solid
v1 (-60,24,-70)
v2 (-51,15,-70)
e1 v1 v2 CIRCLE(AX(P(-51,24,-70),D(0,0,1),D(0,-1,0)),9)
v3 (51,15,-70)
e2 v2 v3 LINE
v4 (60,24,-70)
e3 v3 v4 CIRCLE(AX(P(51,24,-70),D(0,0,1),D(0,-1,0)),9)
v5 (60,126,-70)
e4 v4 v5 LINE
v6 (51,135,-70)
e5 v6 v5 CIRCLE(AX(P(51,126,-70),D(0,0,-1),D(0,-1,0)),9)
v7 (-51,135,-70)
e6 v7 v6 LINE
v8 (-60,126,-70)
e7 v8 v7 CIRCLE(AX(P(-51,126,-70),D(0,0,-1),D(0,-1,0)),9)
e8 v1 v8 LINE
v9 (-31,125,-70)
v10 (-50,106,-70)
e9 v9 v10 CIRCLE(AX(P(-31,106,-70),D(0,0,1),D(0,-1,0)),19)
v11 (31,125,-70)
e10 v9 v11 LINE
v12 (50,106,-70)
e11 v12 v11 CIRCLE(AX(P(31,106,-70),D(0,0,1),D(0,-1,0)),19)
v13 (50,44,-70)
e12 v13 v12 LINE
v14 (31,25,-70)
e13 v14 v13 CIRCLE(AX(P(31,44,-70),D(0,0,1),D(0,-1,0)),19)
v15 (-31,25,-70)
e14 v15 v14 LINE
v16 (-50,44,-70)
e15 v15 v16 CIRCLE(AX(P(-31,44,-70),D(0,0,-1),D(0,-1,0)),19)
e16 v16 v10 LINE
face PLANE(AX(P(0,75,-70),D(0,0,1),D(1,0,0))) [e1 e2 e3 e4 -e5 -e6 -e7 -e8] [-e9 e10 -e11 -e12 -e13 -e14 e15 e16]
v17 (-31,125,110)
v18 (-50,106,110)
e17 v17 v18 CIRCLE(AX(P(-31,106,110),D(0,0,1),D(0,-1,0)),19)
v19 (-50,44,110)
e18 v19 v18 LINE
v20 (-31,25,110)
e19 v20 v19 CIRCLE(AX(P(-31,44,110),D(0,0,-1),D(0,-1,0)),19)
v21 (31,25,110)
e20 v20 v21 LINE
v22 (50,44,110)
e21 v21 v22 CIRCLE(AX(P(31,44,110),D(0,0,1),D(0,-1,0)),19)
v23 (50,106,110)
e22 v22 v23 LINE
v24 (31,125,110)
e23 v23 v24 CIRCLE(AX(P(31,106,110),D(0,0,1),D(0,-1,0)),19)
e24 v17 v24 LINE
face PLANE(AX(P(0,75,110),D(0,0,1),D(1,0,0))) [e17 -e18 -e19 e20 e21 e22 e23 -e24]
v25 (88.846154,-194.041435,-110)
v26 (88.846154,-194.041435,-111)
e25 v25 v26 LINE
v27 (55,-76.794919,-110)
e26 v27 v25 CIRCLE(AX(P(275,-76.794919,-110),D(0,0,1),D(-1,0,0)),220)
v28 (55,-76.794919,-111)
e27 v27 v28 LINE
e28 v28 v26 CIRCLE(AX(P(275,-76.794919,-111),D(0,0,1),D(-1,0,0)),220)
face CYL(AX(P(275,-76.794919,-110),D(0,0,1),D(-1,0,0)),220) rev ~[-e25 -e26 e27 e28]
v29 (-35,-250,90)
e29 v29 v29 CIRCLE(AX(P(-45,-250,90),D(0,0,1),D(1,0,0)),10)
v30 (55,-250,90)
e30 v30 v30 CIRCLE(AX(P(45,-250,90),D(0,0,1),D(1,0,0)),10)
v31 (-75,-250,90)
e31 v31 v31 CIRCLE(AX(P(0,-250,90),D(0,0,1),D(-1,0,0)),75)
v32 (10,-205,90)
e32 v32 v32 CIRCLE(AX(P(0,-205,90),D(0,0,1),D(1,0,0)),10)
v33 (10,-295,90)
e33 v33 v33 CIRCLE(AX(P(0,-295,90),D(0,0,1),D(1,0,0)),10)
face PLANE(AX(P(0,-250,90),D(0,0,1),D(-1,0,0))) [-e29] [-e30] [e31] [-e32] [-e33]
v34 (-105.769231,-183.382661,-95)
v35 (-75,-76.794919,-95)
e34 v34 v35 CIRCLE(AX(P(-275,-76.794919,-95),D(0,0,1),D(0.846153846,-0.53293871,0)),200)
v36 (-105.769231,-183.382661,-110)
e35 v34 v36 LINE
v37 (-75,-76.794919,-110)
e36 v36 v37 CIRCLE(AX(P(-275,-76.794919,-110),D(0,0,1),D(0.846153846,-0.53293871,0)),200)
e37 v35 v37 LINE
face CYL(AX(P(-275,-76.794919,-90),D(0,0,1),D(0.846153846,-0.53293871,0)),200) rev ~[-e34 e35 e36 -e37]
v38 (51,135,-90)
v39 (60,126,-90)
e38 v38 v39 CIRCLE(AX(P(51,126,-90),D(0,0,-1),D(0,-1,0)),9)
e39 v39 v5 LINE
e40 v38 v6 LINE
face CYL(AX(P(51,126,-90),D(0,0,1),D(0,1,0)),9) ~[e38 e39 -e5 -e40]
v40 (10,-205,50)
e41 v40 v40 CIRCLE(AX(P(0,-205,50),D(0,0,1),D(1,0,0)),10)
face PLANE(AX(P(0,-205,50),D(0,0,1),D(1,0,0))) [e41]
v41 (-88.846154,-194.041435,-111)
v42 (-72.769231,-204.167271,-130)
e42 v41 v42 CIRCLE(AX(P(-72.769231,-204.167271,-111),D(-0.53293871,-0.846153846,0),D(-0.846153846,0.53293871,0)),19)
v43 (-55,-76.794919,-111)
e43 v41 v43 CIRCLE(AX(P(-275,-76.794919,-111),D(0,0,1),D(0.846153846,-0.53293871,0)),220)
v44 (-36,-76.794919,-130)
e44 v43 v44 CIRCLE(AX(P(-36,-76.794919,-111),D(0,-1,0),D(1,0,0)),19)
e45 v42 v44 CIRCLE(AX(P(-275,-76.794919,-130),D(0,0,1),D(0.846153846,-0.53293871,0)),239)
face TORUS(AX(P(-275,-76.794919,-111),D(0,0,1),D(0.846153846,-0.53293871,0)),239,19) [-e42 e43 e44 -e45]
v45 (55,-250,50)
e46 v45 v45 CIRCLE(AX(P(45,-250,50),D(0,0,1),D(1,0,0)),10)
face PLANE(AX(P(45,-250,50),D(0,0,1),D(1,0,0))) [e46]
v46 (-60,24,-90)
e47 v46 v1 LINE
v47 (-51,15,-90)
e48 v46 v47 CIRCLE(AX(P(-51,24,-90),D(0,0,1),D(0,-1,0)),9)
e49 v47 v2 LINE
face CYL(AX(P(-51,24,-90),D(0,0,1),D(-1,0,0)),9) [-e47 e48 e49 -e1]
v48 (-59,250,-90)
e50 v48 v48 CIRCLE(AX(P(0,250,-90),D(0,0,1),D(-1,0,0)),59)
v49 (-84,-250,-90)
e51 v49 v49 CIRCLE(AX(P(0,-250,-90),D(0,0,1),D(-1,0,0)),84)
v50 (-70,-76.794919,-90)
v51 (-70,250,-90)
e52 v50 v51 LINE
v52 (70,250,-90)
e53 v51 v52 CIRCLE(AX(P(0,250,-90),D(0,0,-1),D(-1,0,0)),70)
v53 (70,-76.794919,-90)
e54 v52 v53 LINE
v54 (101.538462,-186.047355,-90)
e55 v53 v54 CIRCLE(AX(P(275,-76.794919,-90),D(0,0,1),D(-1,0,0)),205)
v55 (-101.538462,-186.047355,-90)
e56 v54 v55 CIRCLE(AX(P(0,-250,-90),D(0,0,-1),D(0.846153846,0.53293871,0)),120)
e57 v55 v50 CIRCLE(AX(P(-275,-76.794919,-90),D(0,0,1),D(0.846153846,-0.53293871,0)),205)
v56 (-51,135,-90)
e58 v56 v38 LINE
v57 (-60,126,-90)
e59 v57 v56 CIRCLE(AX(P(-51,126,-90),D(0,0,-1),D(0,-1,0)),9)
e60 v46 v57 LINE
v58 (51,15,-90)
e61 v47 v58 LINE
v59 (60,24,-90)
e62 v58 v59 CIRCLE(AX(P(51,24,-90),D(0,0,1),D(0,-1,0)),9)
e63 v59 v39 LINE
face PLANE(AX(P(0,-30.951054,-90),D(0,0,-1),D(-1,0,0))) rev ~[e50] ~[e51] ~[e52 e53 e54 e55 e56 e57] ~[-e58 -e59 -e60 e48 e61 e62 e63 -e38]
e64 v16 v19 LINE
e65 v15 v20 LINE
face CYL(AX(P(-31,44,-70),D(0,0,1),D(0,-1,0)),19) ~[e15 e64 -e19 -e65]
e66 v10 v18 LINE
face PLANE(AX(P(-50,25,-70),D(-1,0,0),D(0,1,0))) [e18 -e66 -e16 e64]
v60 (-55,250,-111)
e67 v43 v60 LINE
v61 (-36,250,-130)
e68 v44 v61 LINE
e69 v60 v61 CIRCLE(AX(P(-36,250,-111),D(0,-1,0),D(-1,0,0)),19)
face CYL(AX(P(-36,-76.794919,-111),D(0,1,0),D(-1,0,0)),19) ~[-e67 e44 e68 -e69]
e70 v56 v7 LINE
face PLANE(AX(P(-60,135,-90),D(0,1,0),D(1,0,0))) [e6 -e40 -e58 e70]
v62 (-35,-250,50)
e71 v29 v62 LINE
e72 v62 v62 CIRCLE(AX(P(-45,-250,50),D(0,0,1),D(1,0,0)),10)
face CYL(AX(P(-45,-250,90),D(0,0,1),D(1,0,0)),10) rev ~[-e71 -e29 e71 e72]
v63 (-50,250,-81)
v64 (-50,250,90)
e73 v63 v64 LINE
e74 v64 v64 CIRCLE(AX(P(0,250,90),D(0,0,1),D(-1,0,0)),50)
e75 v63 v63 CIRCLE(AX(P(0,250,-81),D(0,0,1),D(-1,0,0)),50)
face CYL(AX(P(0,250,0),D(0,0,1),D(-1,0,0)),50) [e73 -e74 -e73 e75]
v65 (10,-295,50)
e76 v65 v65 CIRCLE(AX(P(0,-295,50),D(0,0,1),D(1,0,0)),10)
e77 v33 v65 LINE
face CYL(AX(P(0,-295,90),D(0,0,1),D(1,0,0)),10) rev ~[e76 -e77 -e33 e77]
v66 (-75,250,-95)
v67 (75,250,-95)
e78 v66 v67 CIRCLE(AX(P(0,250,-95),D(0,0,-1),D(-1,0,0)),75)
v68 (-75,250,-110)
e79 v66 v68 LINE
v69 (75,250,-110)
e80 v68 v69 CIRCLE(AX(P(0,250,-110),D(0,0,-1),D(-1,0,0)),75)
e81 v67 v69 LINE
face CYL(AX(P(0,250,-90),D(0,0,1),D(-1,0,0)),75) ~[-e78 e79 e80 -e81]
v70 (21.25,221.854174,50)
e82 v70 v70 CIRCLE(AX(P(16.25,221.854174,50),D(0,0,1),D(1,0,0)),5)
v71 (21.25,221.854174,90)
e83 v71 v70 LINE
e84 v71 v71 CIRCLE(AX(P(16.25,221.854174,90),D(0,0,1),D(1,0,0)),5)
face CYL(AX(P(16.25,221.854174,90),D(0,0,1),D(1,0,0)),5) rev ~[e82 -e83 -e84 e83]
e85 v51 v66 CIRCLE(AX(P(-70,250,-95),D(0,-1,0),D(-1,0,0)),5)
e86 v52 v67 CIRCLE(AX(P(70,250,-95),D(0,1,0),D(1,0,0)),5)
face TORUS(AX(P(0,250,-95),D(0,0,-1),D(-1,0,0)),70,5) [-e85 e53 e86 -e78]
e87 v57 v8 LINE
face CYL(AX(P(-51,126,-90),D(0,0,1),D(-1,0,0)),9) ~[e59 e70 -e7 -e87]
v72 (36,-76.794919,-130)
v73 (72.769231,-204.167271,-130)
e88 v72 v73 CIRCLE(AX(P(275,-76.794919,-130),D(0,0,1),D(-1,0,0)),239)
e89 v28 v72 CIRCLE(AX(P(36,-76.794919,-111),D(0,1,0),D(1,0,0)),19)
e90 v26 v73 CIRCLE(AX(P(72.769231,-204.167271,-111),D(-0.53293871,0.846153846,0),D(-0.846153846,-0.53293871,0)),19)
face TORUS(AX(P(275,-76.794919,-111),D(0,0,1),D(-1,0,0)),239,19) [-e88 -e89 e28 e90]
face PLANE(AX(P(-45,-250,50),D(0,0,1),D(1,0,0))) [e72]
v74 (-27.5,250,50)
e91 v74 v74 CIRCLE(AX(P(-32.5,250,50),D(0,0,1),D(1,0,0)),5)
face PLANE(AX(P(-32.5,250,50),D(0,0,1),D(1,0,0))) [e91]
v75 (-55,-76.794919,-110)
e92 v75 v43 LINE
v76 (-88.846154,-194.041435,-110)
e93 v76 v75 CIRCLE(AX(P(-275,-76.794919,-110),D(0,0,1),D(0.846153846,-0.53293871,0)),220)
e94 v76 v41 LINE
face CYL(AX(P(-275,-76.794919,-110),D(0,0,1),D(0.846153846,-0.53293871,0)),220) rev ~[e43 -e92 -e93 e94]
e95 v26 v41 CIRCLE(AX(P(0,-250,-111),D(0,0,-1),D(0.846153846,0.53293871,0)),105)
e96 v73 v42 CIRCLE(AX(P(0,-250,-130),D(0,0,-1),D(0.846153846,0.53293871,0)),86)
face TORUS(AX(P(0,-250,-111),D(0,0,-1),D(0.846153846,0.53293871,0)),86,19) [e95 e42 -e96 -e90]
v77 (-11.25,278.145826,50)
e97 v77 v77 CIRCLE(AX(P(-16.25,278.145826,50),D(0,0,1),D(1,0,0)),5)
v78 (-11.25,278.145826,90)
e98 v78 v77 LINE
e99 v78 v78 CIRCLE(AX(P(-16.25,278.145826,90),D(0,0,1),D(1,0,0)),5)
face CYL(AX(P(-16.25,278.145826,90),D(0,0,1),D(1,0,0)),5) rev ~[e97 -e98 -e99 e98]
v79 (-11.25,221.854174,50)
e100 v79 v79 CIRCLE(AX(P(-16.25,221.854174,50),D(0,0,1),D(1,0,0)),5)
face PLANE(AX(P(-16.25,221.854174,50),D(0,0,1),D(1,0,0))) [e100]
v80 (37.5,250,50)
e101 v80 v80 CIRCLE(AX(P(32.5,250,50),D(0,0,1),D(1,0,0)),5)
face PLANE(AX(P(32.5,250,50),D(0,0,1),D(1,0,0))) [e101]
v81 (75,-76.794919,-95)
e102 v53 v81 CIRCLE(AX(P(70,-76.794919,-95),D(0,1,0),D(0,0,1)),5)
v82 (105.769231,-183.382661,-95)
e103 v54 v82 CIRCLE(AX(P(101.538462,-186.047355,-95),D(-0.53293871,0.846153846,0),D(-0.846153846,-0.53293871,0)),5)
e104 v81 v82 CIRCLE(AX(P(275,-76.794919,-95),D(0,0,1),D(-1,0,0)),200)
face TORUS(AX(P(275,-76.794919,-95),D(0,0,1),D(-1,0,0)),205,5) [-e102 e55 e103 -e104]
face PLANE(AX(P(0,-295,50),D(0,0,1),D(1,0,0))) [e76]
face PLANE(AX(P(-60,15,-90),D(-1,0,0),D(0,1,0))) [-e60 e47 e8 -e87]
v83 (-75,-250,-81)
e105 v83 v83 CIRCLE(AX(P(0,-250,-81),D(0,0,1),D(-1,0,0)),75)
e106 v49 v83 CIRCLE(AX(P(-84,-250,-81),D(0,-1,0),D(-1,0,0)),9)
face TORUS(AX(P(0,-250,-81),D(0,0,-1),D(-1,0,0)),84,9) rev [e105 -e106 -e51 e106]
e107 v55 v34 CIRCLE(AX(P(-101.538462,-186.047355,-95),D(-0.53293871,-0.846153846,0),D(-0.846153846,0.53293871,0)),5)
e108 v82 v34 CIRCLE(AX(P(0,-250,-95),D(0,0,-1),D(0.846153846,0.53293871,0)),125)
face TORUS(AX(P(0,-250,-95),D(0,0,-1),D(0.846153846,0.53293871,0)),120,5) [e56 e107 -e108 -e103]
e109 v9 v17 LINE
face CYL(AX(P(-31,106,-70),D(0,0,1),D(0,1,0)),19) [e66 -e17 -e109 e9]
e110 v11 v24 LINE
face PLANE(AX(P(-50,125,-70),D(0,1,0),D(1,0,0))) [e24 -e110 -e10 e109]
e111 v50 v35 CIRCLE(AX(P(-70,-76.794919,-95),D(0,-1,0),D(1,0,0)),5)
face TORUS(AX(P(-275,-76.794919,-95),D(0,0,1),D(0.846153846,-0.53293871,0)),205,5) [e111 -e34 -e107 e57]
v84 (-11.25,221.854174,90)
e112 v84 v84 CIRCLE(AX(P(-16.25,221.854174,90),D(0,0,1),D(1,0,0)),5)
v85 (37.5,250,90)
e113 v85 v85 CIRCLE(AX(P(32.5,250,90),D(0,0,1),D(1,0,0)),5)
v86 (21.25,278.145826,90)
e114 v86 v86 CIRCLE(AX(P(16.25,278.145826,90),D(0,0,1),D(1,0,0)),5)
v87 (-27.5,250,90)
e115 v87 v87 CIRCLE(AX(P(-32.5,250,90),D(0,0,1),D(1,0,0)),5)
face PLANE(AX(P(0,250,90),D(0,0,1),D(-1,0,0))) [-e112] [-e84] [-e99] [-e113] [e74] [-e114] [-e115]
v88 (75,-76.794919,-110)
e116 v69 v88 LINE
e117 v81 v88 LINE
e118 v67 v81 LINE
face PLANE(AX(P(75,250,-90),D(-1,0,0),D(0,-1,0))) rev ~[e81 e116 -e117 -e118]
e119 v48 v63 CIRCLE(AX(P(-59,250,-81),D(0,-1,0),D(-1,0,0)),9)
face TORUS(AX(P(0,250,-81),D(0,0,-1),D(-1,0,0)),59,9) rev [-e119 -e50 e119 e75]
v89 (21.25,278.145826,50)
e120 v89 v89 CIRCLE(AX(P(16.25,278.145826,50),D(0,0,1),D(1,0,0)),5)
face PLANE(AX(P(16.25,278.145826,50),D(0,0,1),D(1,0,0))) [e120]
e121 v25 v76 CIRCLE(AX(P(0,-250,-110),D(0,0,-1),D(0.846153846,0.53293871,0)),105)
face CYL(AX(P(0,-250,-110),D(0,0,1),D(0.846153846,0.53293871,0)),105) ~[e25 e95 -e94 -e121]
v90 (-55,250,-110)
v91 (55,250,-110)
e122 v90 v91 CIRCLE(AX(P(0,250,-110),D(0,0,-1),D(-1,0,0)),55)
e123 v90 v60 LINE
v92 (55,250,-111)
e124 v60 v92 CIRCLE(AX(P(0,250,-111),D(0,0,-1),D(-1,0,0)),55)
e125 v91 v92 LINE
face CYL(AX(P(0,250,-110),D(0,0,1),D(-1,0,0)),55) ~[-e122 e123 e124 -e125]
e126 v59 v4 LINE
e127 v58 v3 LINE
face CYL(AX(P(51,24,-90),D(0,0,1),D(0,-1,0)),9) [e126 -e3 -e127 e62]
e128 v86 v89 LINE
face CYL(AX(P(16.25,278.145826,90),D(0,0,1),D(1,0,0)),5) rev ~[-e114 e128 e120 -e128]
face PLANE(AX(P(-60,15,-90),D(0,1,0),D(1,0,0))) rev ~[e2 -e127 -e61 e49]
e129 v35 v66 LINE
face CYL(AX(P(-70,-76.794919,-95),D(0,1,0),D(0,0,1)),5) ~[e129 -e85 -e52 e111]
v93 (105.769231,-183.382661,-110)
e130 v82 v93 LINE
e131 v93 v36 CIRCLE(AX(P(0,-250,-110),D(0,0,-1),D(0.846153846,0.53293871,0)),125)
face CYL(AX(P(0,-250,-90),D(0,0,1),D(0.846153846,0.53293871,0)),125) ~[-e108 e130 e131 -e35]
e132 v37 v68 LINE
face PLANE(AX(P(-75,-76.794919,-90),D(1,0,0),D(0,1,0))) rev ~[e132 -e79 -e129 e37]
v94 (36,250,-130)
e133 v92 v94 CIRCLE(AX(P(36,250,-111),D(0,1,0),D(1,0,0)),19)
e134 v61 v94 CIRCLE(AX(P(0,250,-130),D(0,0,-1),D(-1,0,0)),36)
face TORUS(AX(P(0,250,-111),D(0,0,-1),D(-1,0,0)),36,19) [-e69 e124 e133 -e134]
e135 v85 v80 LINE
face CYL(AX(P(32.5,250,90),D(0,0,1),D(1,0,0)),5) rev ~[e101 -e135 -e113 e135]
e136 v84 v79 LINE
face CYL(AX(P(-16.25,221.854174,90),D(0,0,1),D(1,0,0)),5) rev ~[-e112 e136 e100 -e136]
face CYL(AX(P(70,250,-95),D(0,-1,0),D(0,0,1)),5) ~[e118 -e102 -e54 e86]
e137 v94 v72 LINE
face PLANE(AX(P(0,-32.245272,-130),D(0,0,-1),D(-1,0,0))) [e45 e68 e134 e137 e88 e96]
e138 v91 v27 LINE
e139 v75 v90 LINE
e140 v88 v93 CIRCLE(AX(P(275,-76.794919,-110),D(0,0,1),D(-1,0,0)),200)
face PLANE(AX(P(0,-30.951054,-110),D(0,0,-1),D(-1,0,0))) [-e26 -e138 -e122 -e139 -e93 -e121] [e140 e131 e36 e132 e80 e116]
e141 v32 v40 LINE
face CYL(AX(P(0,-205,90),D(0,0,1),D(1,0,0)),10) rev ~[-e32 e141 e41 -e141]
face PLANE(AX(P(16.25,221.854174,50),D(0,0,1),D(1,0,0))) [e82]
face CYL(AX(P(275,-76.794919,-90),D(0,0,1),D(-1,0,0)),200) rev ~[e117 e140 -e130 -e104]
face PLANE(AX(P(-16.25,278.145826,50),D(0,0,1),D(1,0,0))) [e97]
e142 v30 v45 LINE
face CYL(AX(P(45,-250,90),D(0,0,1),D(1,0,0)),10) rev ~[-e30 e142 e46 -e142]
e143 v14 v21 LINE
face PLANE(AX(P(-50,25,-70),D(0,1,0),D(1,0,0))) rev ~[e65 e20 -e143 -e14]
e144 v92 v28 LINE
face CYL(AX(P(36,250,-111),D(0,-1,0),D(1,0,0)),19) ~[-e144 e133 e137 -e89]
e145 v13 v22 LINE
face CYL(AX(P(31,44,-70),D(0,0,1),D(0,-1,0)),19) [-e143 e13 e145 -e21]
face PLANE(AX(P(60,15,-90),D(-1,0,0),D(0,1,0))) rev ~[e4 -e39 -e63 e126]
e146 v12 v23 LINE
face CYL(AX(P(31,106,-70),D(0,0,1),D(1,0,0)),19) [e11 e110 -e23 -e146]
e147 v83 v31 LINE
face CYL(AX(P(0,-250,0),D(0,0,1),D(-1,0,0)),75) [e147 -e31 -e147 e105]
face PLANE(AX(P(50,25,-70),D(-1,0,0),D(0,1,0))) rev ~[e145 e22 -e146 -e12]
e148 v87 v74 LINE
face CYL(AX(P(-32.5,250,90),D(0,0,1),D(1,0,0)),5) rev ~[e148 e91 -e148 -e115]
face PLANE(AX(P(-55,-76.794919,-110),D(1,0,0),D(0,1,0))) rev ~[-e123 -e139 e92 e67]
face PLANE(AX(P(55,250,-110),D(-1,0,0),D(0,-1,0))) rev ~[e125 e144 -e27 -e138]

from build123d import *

# Parameters (mm, degrees)
SKETCH1_R             = 50
BOSS_EXTRUDE1_DEPTH   = 90
SKETCH1_R_2           = 75
BOSS_EXTRUDE1_2_DEPTH = 90
SKETCH2_R             = 10
SKETCH2_R_2           = 5
CUT_EXTRUDE1_DEPTH    = 40
BOSS_EXTRUDE2_DEPTH   = 20
BOSS_EXTRUDE3_DEPTH   = 20
FILLET1_R             = 19
SKETCH5_W             = 120
SKETCH5_H             = 120
BOSS_EXTRUDE4_DEPTH   = 20
SKETCH6_W             = 100
SKETCH6_H             = 100
BOSS_EXTRUDE5_DEPTH   = 180
FILLET2_R             = 19
FILLET3_R             = 9
FILLET4_R             = 5


with BuildPart() as part:
    # Sketch1 → Boss-Extrude1 (new, symmetric)
    with BuildSketch(Plane.XY):
        with Locations(Location((0, 250, 0), (0, 0, 180))):
            Circle(SKETCH1_R)
    extrude(amount=BOSS_EXTRUDE1_DEPTH, both=True)


with BuildPart() as body_2:
    # Sketch1 → Boss-Extrude1 2 (new, symmetric)
    with BuildSketch(Plane.XY):
        with Locations(Location((0, -250, 0), (0, 0, 180))):
            Circle(SKETCH1_R_2)
    extrude(amount=BOSS_EXTRUDE1_2_DEPTH, both=True)


with BuildPart() as cut_extrude1_tool:
    # Sketch2 → Cut-Extrude1 (new body)
    with BuildSketch(Plane.XY.offset(90)):
        with Locations((-45, -250)):
            Circle(SKETCH2_R)
        with Locations((0, -205)):
            Circle(SKETCH2_R)
        with Locations((45, -250)):
            Circle(SKETCH2_R)
        with Locations((0, -295)):
            Circle(SKETCH2_R)
        with Locations((-32.5, 250)):
            Circle(SKETCH2_R_2)
        with Locations((-16.25, 278.145825623)):
            Circle(SKETCH2_R_2)
        with Locations((16.25, 278.145825623)):
            Circle(SKETCH2_R_2)
        with Locations((32.5, 250)):
            Circle(SKETCH2_R_2)
        with Locations((16.25, 221.854174377)):
            Circle(SKETCH2_R_2)
        with Locations((-16.25, 221.854174377)):
            Circle(SKETCH2_R_2)
    extrude(amount=-CUT_EXTRUDE1_DEPTH)


with BuildPart() as part_1:
    add(part.part)

    # Cut-Extrude1: cut by cut_extrude1_tool
    add(cut_extrude1_tool.part, mode=Mode.SUBTRACT)



with BuildPart() as body_2_1:
    add(body_2.part)

    # Cut-Extrude1: cut by cut_extrude1_tool
    add(cut_extrude1_tool.part, mode=Mode.SUBTRACT)


with BuildPart() as part_2:
    add(part_1.part)

    add(body_2_1.part)  # Boss-Extrude2 merges body 2
    # Sketch3 → Boss-Extrude2 (add)
    with BuildSketch(Plane(origin=(0, 0, -90), x_dir=(-1, 0, 0), z_dir=(0, 0, -1))):
        with BuildLine():
            Line((-75, 250), (-75, -76.794919243))
            ThreePointArc((-75, -76.794919243), (-82.846215434, -132.264938866), (-105.769230769, -183.382661247))
            ThreePointArc((-105.769230769, -183.382661247), (0, -375), (105.769230769, -183.382661247))
            ThreePointArc((105.769230769, -183.382661247), (82.846215434, -132.264938866), (75, -76.794919243))
            Line((75, -76.794919243), (75, 250))
            ThreePointArc((75, 250), (0, 325), (-75, 250))
        make_face()
    extrude(amount=BOSS_EXTRUDE2_DEPTH)

    # Sketch4 → Boss-Extrude3 (add)
    with BuildSketch(Plane(origin=(0, 0, -110), x_dir=(-1, 0, 0), z_dir=(0, 0, -1))):
        with BuildLine():
            Line((-55, 250), (-55, -76.794919243))
            ThreePointArc((-55, -76.794919243), (-63.630836977, -137.811940828), (-88.846153846, -194.041435448))
            ThreePointArc((-88.846153846, -194.041435448), (0, -355), (88.846153846, -194.041435448))
            ThreePointArc((88.846153846, -194.041435448), (63.630836977, -137.811940828), (55, -76.794919243))
            Line((55, -76.794919243), (55, 250))
            ThreePointArc((55, 250), (0, 305), (-55, 250))
        make_face()
    extrude(amount=BOSS_EXTRUDE3_DEPTH)

    # Fillet1
    fillet1_edges = [part_2.edges().sort_by_distance(p)[0] for p in [
        (0, 305, -130),
        (55, 86.602540378, -130),
        (63.630836977, -137.811940828, -130),
        (0, -355, -130),
        (-63.630836977, -137.811940828, -130),
        (-55, 86.602540378, -130),
    ]]
    fillet(fillet1_edges, radius=FILLET1_R)

    # Sketch5 → Boss-Extrude4 (add)
    with BuildSketch(Plane.XY.offset(-90)):
        with Locations((0, 75)):
            Rectangle(SKETCH5_W, SKETCH5_H)
    extrude(amount=BOSS_EXTRUDE4_DEPTH)

    # Sketch6 → Boss-Extrude5 (add)
    with BuildSketch(Plane.XY.offset(-70)):
        with Locations((0, 75)):
            Rectangle(SKETCH6_W, SKETCH6_H)
    extrude(amount=BOSS_EXTRUDE5_DEPTH)

    # Fillet2
    fillet2_edges = [part_2.edges().sort_by_distance(p)[0] for p in [
        (-50, 25, 20),
        (50, 25, 20),
        (50, 125, 20),
        (-50, 125, 20),
    ]]
    fillet(fillet2_edges, radius=FILLET2_R)

    # Fillet3
    fillet3_edges = [part_2.edges().sort_by_distance(p)[0] for p in [
        (60, 15, -80),
        (60, 135, -80),
        (-60, 135, -80),
        (-60, 15, -80),
        (50, 250, -90),
        (75, -250, -90),
    ]]
    fillet(fillet3_edges, radius=FILLET3_R)

    # Fillet4
    fillet4_edges = [part_2.edges().sort_by_distance(p)[0] for p in [
        (0, 325, -90),
        (75, 86.602540378, -90),
        (82.846215434, -132.264938866, -90),
        (0, -375, -90),
        (-82.846215434, -132.264938866, -90),
        (-75, 86.602540378, -90),
    ]]
    fillet(fillet4_edges, radius=FILLET4_R)


solid = part_2.part
